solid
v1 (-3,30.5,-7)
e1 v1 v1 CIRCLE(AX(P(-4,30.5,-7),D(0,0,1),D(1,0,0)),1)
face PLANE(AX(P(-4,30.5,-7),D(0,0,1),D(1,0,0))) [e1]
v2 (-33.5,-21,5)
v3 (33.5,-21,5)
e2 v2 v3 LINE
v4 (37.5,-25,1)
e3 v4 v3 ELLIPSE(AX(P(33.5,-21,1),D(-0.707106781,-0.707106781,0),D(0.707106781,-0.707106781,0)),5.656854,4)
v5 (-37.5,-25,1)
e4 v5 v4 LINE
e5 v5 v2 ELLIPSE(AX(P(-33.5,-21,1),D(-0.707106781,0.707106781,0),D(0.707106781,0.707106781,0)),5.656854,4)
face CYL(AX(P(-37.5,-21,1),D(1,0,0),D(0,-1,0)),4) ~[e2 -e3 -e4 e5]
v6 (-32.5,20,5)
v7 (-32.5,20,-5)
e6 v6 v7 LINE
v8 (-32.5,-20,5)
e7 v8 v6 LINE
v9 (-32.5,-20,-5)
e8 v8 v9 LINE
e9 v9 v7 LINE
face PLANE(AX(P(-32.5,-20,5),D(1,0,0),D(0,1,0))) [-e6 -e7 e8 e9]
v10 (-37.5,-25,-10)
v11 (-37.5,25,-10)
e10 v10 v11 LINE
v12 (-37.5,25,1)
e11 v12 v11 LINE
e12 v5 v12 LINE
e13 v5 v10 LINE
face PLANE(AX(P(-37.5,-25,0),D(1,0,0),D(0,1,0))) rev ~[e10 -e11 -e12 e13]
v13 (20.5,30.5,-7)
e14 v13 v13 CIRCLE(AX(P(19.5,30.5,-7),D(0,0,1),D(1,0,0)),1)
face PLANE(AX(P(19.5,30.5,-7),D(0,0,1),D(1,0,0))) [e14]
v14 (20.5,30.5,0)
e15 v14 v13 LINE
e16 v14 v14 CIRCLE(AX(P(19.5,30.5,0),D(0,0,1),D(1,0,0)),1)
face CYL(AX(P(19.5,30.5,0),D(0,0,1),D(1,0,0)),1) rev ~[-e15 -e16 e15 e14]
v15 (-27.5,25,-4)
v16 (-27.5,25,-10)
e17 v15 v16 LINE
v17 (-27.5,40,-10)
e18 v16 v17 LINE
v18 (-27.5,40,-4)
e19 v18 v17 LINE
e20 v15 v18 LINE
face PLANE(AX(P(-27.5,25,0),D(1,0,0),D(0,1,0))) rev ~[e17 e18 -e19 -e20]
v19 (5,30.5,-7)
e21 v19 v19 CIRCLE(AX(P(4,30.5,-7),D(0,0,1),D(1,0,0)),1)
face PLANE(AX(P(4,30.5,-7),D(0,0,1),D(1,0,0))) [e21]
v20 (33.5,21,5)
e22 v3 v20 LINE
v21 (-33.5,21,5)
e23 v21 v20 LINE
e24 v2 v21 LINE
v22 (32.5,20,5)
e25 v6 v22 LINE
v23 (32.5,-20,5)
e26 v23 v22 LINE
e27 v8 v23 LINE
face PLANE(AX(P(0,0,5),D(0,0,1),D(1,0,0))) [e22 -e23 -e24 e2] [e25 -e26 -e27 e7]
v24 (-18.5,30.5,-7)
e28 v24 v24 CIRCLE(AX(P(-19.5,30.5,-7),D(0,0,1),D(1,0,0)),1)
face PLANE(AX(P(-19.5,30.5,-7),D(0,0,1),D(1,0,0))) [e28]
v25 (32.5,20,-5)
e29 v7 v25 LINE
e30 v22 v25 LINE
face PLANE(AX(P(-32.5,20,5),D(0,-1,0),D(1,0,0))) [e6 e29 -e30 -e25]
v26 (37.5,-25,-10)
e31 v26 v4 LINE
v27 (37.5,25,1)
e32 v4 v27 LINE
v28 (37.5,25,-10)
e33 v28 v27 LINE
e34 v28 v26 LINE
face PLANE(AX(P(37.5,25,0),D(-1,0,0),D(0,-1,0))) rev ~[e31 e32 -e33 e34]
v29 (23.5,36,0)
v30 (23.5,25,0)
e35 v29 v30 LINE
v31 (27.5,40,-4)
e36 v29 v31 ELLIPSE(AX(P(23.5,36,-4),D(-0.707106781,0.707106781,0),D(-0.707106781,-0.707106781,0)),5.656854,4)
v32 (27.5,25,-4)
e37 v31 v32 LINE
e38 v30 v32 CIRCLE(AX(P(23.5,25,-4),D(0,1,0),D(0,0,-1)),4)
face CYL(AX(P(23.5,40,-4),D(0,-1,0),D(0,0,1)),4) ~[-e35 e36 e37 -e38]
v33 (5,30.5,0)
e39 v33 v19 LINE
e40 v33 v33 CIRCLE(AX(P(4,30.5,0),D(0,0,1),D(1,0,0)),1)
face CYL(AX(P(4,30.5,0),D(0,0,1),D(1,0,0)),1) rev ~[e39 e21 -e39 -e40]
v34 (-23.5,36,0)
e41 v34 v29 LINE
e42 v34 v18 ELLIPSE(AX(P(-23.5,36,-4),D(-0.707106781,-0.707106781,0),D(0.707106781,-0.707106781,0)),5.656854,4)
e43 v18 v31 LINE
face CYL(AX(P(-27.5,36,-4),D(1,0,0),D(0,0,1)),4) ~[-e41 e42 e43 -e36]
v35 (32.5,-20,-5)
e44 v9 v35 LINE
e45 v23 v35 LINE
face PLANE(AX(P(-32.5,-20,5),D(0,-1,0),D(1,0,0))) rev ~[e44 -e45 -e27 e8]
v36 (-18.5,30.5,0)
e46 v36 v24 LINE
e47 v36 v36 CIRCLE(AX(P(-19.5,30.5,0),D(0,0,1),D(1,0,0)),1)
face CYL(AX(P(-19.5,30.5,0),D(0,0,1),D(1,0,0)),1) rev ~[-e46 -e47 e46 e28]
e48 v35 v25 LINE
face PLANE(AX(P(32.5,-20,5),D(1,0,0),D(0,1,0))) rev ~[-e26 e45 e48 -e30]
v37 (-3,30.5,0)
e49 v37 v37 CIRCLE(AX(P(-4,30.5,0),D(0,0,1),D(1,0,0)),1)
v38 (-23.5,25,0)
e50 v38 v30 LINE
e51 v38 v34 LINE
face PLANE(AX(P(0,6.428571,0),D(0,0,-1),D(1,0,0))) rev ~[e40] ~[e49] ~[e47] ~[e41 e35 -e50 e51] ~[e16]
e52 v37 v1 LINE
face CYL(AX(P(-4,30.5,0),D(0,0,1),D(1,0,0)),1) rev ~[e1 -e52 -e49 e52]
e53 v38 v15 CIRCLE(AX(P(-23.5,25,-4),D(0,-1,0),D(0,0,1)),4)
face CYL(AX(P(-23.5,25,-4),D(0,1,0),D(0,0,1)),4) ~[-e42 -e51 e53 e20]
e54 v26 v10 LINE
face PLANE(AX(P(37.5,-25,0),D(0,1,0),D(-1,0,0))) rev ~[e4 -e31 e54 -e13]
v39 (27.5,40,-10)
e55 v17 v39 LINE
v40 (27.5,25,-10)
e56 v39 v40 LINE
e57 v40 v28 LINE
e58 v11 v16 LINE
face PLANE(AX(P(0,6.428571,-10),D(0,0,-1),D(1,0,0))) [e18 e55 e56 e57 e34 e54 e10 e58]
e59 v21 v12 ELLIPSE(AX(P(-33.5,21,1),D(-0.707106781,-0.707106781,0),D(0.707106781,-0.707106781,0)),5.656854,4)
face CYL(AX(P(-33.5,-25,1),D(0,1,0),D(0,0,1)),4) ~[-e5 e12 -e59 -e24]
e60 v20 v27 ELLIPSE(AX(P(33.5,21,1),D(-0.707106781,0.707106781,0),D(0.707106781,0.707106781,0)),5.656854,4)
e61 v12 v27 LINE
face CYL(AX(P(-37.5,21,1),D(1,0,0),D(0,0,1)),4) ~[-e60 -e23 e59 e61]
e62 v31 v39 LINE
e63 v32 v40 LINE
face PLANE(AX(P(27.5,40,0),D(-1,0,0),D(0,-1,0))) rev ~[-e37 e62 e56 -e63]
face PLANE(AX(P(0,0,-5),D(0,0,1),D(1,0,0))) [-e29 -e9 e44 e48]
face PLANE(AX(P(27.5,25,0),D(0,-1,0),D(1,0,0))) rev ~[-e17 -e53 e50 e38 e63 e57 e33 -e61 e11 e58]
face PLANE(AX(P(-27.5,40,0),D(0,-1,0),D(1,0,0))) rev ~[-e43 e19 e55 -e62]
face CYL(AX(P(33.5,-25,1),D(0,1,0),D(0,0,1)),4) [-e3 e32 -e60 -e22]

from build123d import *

# Parameters (mm, degrees)
F0_W     = 75
F0_H     = 50
F1_DEPTH = 5
F3_DEPTH = 10
F4_R     = 4
F5_R     = 1
F6_DEPTH = 7
F7_W     = 65
F7_H     = 40
F8_DEPTH = 10


with BuildPart() as f1:
    # F0 (on Top) → F1 (new body)
    with BuildSketch(Plane.XY):
        Rectangle(F0_W, F0_H)
    extrude(amount=F1_DEPTH)

    # F2 (on face) → F3 (join)
    with BuildSketch(Plane(origin=(0, 0, 0), x_dir=(1, 0, 0), z_dir=(0, 0, -1))):
        Polygon((37.5, 25), (-37.5, 25), (-37.5, -25), (-27.5, -25), (-27.5, -40), (27.5, -40), (27.5, -25), (37.5, -25), align=None)
    extrude(amount=F3_DEPTH)

    # F4
    f4_edges = [f1.edges().sort_by_distance(p)[0] for p in [
        (0, -25, 5),
        (37.5, 0, 5),
        (0, 25, 5),
        (-37.5, 0, 5),
        (27.5, 32.5, 0),
        (0, 40, 0),
        (-27.5, 32.5, 0),
    ]]
    fillet(f4_edges, radius=F4_R)

    # F5 (on face) → F6 (cut)
    with BuildSketch(Plane.XY):
        with Locations((-19.5, 30.5)):
            Circle(F5_R)
        with Locations((-4, 30.5)):
            Circle(F5_R)
        with Locations((4, 30.5)):
            Circle(F5_R)
        with Locations((19.5, 30.5)):
            Circle(F5_R)
    extrude(amount=-F6_DEPTH, mode=Mode.SUBTRACT)

    # F7 (on face) → F8 (cut)
    with BuildSketch(Plane.XY.offset(5)):
        Rectangle(F7_W, F7_H)
    extrude(amount=-F8_DEPTH, mode=Mode.SUBTRACT)


solid = f1.part
